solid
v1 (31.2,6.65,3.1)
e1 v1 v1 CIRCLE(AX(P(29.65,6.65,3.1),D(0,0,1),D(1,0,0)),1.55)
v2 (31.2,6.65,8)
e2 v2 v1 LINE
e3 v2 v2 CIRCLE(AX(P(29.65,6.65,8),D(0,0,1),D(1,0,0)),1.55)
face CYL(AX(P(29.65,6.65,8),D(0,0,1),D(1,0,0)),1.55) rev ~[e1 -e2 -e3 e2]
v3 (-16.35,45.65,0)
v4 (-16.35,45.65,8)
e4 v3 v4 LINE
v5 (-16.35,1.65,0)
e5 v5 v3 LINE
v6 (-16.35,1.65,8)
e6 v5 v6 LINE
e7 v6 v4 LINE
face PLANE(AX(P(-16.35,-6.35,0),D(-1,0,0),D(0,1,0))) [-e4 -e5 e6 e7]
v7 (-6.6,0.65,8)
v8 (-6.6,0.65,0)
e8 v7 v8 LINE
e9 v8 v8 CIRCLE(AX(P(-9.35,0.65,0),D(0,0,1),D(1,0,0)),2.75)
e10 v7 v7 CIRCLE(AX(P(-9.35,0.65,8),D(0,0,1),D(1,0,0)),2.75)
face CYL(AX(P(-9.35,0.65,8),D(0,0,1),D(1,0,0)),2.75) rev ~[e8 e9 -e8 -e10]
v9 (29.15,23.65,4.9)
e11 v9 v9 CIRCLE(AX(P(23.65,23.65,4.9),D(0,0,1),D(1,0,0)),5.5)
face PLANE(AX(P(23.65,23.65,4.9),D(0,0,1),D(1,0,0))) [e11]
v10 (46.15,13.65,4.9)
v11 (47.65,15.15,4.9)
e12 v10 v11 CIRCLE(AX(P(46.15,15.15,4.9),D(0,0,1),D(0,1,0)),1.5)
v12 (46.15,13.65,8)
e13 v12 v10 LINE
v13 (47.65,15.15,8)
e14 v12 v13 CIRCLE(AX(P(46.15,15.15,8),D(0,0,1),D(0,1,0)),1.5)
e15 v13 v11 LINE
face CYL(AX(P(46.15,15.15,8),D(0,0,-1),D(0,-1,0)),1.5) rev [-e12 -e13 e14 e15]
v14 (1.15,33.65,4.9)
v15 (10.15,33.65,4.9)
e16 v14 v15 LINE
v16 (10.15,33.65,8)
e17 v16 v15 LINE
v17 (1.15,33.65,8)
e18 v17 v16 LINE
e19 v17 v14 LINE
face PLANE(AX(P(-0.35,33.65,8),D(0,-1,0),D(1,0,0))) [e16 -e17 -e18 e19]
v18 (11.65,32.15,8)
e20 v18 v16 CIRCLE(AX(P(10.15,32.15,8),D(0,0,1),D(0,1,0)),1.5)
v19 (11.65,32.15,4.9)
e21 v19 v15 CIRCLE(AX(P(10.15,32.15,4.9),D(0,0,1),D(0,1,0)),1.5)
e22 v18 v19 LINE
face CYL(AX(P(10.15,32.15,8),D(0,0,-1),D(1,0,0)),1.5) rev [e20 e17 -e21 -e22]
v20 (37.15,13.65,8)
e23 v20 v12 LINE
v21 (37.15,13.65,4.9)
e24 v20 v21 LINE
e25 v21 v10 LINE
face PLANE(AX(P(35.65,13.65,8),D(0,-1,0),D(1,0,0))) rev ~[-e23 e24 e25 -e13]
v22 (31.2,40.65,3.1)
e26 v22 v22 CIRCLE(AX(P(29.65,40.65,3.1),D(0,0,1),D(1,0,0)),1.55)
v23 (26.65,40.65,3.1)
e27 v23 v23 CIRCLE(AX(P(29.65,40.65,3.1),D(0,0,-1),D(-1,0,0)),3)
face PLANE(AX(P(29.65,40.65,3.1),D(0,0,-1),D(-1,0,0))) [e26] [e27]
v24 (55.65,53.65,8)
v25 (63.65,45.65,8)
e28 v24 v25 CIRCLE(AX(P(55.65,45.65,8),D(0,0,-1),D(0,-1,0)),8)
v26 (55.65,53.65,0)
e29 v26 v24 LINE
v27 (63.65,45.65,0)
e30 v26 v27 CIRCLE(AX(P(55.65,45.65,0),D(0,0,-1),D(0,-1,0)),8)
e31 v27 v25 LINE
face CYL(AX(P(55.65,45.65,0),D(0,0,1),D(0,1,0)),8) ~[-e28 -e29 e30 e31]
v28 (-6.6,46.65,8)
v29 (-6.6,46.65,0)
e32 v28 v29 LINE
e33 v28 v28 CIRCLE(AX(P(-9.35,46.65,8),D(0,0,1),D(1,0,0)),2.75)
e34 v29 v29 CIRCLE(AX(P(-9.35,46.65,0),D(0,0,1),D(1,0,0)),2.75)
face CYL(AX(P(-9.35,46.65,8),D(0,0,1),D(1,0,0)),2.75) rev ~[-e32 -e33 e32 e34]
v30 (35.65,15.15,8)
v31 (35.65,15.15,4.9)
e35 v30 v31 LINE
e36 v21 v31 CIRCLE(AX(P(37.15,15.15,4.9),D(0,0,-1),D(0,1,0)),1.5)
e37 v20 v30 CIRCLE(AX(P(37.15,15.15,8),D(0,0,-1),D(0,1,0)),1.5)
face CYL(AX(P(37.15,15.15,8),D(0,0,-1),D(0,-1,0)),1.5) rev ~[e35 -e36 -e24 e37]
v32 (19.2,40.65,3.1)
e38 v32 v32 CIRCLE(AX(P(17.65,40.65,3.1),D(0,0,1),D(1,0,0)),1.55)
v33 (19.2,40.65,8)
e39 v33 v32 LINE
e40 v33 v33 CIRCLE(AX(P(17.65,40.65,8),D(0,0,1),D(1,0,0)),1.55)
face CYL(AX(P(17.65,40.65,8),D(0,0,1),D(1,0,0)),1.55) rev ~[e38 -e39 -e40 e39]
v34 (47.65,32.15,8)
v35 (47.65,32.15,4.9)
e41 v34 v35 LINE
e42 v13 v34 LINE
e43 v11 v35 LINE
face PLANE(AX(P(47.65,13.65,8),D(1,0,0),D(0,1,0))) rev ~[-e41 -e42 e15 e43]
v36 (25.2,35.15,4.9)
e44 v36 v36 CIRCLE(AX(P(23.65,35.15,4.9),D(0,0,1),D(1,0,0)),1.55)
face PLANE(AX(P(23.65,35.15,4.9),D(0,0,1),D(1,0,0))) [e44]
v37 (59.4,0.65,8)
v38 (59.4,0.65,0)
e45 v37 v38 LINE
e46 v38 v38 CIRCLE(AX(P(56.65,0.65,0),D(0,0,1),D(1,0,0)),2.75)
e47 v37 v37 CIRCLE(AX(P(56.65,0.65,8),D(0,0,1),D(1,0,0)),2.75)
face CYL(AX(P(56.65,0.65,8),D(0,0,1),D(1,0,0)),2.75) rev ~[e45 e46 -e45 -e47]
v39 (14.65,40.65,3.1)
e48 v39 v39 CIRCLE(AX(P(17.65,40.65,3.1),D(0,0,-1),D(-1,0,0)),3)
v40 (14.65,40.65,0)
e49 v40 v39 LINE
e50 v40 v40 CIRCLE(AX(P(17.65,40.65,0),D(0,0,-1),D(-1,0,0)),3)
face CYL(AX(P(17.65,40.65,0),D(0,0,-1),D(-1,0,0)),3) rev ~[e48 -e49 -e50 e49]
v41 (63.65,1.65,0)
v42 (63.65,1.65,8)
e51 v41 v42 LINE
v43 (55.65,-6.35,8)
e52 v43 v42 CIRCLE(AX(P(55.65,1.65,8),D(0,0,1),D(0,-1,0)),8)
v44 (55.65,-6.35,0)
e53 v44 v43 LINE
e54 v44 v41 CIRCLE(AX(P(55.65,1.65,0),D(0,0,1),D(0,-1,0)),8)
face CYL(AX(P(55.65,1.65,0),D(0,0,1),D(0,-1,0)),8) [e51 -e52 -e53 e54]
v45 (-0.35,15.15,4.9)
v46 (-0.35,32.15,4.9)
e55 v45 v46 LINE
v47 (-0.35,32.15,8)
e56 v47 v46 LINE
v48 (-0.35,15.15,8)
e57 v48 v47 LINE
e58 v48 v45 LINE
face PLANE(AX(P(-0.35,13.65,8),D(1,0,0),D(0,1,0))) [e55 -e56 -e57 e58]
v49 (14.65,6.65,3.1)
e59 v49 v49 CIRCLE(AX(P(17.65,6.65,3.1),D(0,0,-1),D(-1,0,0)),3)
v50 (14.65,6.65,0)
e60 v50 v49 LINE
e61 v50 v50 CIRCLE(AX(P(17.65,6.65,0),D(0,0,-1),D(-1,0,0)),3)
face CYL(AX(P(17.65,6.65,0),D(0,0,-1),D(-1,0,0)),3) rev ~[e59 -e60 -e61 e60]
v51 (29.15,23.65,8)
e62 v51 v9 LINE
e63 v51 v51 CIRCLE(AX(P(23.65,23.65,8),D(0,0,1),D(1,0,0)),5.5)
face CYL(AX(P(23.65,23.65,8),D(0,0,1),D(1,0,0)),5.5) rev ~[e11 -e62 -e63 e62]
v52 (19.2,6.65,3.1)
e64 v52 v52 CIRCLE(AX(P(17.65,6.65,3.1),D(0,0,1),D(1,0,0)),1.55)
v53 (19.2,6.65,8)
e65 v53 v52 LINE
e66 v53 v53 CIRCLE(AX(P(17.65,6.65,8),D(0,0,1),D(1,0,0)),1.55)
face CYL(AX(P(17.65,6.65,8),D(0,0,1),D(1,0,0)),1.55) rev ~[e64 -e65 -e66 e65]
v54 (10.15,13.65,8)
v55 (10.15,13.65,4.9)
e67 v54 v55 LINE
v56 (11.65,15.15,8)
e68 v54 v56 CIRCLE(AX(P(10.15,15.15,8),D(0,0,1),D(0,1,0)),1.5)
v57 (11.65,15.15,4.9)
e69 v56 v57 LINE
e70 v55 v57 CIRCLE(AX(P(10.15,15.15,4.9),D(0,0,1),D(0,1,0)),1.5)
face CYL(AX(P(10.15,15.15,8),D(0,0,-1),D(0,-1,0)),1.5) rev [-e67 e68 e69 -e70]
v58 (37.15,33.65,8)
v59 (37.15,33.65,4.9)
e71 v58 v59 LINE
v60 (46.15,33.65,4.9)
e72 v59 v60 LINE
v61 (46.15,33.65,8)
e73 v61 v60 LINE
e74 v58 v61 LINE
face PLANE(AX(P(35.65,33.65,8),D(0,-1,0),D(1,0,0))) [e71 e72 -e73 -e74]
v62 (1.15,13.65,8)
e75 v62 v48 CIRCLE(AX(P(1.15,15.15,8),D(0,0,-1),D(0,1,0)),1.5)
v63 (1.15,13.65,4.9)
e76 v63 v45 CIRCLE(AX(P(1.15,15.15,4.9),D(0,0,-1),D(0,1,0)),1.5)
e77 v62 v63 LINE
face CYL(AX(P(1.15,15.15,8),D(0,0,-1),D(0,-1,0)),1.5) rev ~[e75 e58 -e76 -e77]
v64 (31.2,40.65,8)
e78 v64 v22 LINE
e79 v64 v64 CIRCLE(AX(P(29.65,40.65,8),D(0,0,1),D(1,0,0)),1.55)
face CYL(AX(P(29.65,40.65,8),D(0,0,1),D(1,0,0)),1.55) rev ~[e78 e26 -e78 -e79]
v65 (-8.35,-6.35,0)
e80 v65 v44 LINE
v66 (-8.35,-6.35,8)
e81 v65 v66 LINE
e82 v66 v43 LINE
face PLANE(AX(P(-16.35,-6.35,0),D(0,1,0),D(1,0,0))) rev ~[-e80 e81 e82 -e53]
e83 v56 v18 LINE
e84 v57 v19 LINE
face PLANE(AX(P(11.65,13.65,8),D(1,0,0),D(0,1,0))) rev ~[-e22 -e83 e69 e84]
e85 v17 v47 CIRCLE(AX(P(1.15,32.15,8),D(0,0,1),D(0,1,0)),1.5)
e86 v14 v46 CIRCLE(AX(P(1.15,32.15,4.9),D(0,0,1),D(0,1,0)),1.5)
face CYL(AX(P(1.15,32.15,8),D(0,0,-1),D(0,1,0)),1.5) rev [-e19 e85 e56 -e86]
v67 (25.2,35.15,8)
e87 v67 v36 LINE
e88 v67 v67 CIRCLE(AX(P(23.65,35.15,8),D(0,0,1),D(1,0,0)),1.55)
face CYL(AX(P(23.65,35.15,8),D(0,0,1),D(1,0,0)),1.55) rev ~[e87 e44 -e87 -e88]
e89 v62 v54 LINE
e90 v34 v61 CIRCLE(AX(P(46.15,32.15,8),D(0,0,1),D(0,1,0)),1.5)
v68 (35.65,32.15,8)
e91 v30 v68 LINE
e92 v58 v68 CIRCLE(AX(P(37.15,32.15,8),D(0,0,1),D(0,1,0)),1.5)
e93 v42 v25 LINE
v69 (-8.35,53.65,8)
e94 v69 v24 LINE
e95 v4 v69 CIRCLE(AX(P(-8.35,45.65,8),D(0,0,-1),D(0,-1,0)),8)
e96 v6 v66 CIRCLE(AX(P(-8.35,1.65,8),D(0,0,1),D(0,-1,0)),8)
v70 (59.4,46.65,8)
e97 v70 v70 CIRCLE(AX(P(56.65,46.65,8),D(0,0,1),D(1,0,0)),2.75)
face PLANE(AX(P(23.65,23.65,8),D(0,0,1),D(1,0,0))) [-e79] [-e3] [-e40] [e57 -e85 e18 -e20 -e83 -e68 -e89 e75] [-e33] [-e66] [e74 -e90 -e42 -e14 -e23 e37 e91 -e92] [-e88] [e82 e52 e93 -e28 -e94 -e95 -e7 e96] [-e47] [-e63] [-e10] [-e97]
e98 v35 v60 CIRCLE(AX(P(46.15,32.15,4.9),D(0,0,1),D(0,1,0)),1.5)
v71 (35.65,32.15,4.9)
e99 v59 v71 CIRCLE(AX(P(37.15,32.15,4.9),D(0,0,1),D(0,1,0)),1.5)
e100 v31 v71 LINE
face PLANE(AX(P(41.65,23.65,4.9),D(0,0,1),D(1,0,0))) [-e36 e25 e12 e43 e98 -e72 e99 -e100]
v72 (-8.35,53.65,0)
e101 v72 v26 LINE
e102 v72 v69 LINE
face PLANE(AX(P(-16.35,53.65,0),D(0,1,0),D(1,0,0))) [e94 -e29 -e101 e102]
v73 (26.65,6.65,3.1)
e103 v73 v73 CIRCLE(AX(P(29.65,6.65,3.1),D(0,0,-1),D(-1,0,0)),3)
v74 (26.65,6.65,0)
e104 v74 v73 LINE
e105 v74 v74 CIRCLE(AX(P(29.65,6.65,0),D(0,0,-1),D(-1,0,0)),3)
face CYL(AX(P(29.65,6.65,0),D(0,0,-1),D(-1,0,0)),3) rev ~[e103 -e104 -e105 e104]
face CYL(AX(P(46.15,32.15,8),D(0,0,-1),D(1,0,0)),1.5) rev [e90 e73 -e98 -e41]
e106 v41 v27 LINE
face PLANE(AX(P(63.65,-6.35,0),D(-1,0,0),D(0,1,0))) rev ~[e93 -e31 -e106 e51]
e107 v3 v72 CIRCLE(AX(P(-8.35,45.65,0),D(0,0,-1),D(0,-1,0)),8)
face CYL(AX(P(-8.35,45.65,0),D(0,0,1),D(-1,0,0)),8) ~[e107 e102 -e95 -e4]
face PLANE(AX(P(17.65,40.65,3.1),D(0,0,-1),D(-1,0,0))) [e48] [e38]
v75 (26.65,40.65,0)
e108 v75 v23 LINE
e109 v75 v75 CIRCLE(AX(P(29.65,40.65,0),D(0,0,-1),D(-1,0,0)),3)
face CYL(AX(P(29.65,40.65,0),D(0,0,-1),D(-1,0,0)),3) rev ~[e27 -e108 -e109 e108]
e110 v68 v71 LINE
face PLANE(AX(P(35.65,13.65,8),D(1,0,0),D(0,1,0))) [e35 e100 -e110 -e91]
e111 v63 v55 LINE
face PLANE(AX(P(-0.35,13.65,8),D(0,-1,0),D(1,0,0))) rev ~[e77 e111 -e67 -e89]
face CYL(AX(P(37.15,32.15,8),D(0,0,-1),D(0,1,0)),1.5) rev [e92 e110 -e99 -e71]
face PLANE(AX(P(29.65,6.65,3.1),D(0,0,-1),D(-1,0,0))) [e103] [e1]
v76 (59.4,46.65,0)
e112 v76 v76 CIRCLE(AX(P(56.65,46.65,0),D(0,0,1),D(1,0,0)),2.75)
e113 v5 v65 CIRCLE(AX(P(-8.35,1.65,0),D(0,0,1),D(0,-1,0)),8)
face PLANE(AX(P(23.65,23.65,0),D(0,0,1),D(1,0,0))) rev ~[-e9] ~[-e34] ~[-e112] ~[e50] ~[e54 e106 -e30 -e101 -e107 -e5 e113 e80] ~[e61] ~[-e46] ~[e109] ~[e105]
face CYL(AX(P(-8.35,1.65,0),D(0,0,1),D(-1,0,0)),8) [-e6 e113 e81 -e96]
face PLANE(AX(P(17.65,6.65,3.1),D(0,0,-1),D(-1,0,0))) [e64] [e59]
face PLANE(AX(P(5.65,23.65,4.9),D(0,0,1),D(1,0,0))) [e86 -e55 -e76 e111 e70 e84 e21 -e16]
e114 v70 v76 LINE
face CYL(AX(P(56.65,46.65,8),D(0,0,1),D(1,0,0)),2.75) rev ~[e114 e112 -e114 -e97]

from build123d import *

# Parameters (mm, degrees)
SKETCH_1_W          = 80
SKETCH_1_H          = 60
SKETCH_1_W_2        = 47.3
SKETCH_1_H_2        = 47.3
EXTRUDE_1_DEPTH     = 8
SKETCH_2_R          = 5.5
SKETCH_2_R_2        = 1.55
SKETCH_2_W          = 12
SKETCH_2_H          = 20
CUT_EXTRUDE_1_DEPTH = 3.1
FILLET_1_R          = 1.5
SKETCH_3_R          = 1.55
CUT_EXTRUDE_2_DEPTH = 10
FILLET_2_R          = 8
SKETCH_4_R          = 3
CUT_EXTRUDE_3_DEPTH = 3.1
SKETCH_5_R          = 2.75
CUT_EXTRUDE_4_DEPTH = 10


with BuildPart() as part:
    # ｽｹｯﾁ1 → ﾎﾞｽ - 押し出し1 (new body)
    # profile 1 of 2: a face of its own
    with BuildSketch(Plane.XY):
        with Locations((23.65, 23.65)):
            Rectangle(SKETCH_1_W, SKETCH_1_H)
        with Locations((23.65, 23.65)):
            Rectangle(SKETCH_1_W_2, SKETCH_1_H_2, mode=Mode.SUBTRACT)
    # profile 2 of 2: a face of its own
    with BuildSketch(Plane.XY):
        with Locations((23.65, 23.65)):
            Rectangle(SKETCH_1_W_2, SKETCH_1_H_2)
    extrude(amount=EXTRUDE_1_DEPTH)

    # ｽｹｯﾁ2 → ｶｯﾄ - 押し出し1 (cut)
    with BuildSketch(Plane.XY.offset(8)):
        with Locations((23.65, 23.65)):
            Circle(SKETCH_2_R)
        with Locations((23.65, 35.15)):
            Circle(SKETCH_2_R_2)
        with Locations((5.65, 23.65)):
            Rectangle(SKETCH_2_W, SKETCH_2_H)
        with Locations((41.65, 23.65)):
            Rectangle(SKETCH_2_W, SKETCH_2_H)
    extrude(amount=-CUT_EXTRUDE_1_DEPTH, mode=Mode.SUBTRACT)

    # ﾌｨﾚｯﾄ1
    fillet_1_edges = [part.edges().sort_by_distance(p)[0] for p in [
        (11.65, 33.65, 6.45),
        (11.65, 13.65, 6.45),
        (-0.35, 13.65, 6.45),
        (-0.35, 33.65, 6.45),
        (47.65, 33.65, 6.45),
        (47.65, 13.65, 6.45),
        (35.65, 13.65, 6.45),
        (35.65, 33.65, 6.45),
    ]]
    fillet(fillet_1_edges, radius=FILLET_1_R)

    # ｽｹｯﾁ3 → ｶｯﾄ - 押し出し2 (cut)
    with BuildSketch(Plane.XY.offset(8)):
        with Locations((17.65, 40.65)):
            Circle(SKETCH_3_R)
        with Locations((29.65, 40.65)):
            Circle(SKETCH_3_R)
        with Locations((29.65, 6.65)):
            Circle(SKETCH_3_R)
        with Locations((17.65, 6.65)):
            Circle(SKETCH_3_R)
    extrude(amount=-CUT_EXTRUDE_2_DEPTH, mode=Mode.SUBTRACT)

    # ﾌｨﾚｯﾄ2
    fillet_2_edges = [part.edges().sort_by_distance(p)[0] for p in [
        (63.65, -6.35, 4),
        (-16.35, -6.35, 4),
        (-16.35, 53.65, 4),
        (63.65, 53.65, 4),
    ]]
    fillet(fillet_2_edges, radius=FILLET_2_R)

    # ｽｹｯﾁ4 → ｶｯﾄ - 押し出し3 (cut)
    with BuildSketch(Plane(origin=(0, 0, 0), x_dir=(-1, 0, 0), z_dir=(0, 0, -1))):
        with Locations((-29.65, 40.65)):
            Circle(SKETCH_4_R)
        with Locations((-17.65, 40.65)):
            Circle(SKETCH_4_R)
        with Locations((-17.65, 6.65)):
            Circle(SKETCH_4_R)
        with Locations((-29.65, 6.65)):
            Circle(SKETCH_4_R)
    extrude(amount=-CUT_EXTRUDE_3_DEPTH, mode=Mode.SUBTRACT)

    # ｽｹｯﾁ5 → ｶｯﾄ - 押し出し4 (cut)
    with BuildSketch(Plane.XY.offset(8)):
        with Locations((56.65, 0.65)):
            Circle(SKETCH_5_R)
        with Locations((56.65, 46.65)):
            Circle(SKETCH_5_R)
        with Locations((-9.35, 46.65)):
            Circle(SKETCH_5_R)
        with Locations((-9.35, 0.65)):
            Circle(SKETCH_5_R)
    extrude(amount=-CUT_EXTRUDE_4_DEPTH, mode=Mode.SUBTRACT)


solid = part.part
